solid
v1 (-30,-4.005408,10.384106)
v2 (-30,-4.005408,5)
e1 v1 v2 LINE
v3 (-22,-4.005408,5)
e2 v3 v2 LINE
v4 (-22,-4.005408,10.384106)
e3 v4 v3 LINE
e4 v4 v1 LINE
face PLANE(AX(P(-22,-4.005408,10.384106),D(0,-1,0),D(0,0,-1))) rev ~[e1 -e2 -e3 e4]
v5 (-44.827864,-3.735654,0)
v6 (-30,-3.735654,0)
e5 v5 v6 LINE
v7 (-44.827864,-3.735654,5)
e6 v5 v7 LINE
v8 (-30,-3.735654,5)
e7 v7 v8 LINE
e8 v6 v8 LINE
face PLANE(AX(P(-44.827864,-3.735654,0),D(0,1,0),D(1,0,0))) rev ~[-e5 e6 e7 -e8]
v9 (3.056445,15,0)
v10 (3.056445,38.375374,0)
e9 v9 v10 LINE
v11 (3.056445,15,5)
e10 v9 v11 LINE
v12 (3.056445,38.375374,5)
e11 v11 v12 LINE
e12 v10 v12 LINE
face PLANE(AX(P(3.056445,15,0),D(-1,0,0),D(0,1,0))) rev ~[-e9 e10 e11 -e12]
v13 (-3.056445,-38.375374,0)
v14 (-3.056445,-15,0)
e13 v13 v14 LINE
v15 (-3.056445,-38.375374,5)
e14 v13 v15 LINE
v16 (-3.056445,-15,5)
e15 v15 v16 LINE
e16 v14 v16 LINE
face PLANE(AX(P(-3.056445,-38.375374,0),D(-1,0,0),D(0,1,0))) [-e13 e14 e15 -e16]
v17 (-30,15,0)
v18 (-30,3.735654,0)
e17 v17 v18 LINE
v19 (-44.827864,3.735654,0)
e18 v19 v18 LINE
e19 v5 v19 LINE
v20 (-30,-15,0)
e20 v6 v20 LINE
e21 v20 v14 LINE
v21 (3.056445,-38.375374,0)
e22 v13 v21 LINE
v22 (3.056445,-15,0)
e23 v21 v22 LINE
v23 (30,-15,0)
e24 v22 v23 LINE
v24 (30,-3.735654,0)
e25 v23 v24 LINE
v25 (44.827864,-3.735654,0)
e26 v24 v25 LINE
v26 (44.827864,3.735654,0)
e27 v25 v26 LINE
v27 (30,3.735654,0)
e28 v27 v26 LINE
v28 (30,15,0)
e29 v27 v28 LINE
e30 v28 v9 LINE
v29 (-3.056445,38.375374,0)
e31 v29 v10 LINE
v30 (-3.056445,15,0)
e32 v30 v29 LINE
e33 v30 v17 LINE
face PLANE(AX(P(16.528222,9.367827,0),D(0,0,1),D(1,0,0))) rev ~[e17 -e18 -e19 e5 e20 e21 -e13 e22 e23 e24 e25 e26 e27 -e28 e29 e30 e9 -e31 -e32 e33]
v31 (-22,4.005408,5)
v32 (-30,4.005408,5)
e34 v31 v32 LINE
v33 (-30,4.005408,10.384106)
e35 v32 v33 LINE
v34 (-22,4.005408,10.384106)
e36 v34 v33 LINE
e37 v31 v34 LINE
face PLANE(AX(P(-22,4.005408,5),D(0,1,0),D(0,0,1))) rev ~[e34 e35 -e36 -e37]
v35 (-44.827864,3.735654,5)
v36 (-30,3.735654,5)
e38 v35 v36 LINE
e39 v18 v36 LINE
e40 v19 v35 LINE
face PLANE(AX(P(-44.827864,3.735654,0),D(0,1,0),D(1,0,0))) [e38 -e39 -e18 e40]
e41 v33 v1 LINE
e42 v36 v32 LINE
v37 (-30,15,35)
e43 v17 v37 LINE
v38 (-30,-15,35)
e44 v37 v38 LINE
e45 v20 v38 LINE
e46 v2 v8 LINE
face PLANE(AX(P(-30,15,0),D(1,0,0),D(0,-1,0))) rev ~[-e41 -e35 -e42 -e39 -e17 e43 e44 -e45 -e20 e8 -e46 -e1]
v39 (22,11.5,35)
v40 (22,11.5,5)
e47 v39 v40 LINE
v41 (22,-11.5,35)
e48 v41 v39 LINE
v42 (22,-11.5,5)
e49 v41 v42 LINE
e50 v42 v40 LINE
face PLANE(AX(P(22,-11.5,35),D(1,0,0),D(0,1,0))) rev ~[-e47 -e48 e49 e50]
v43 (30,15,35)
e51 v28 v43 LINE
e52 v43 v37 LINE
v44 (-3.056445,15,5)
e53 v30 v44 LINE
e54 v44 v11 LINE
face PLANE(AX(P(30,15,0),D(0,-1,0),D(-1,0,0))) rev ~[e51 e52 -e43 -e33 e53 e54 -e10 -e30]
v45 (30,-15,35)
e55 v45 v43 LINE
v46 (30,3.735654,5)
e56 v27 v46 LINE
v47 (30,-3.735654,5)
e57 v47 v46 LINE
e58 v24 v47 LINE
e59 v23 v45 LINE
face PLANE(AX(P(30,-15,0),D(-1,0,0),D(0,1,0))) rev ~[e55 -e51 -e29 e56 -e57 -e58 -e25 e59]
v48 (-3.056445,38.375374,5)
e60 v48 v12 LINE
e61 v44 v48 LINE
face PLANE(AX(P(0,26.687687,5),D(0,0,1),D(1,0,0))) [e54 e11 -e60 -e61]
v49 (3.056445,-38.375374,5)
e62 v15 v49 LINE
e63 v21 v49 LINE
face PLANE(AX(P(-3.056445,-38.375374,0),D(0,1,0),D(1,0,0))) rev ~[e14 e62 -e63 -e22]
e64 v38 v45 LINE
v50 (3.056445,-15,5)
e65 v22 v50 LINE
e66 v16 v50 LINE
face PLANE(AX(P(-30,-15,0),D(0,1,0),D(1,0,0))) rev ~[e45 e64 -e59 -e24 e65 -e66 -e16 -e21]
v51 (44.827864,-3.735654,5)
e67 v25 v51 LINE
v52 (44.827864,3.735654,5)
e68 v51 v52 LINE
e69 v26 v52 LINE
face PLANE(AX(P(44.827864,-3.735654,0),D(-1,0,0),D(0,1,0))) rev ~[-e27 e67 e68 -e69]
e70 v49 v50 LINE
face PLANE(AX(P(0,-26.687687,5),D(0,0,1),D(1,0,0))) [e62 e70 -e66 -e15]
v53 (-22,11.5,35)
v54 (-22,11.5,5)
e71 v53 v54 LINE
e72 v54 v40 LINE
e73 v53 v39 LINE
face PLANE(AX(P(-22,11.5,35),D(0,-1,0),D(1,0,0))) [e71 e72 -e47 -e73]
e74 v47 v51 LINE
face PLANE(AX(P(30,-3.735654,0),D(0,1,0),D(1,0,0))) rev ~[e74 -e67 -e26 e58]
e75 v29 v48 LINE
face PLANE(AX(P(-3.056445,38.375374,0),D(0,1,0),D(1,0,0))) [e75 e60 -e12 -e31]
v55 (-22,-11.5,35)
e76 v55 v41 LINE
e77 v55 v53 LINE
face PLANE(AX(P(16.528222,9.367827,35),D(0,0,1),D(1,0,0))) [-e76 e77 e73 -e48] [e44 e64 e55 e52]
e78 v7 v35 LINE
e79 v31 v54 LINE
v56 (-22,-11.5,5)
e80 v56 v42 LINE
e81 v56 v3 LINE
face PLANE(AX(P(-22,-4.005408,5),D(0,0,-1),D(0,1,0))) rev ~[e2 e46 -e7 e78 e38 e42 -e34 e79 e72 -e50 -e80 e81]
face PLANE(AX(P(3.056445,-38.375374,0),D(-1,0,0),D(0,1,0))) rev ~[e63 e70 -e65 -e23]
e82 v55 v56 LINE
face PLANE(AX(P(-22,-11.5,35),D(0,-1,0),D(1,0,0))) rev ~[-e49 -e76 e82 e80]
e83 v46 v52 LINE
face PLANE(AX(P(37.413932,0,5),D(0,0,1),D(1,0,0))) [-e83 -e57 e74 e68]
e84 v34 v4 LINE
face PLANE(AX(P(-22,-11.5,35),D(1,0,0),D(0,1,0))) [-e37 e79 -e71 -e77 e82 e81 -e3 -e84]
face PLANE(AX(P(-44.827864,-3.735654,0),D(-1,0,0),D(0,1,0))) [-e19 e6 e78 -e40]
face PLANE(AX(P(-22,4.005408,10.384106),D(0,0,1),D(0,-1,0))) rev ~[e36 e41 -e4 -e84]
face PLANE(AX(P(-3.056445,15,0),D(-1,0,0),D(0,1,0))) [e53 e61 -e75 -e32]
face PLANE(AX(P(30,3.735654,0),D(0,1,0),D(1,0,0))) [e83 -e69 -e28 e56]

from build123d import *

# Parameters (mm, degrees)
F0_W     = 26.9435550738
F0_H     = 11.2643459439
F0_H_2   = 7.4713081121
F0_W_2   = 6.1128898524
F1_DEPTH = 35
F0_H_3   = 23.3753739297
F0_W_3   = 14.827863574
F2_DEPTH = 5
F3_W     = 44
F3_H     = 23
F4_DEPTH = 30
F6_DEPTH = 25


with BuildPart() as f1:
    # F0 (on Top) → F1 (new body)
    with BuildSketch(Plane.XY):
        with Locations((16.5282224631, 9.367827028)):
            Rectangle(F0_W, F0_H)
        with Locations((16.5282224631, -9.367827028)):
            Rectangle(F0_W, F0_H)
        with Locations((16.5282224631, 0)):
            Rectangle(F0_W, F0_H_2)
        with Locations((-16.5282224631, 9.367827028)):
            Rectangle(F0_W, F0_H)
        with Locations((-16.5282224631, 0)):
            Rectangle(F0_W, F0_H_2)
        with Locations((-16.5282224631, -9.367827028)):
            Rectangle(F0_W, F0_H)
        with Locations((0, -9.367827028)):
            Rectangle(F0_W_2, F0_H)
        Rectangle(F0_W_2, F0_H_2)
        with Locations((0, 9.367827028)):
            Rectangle(F0_W_2, F0_H)
    extrude(amount=F1_DEPTH)

    # F0 (on Top) → F2 (join)
    with BuildSketch(Plane.XY):
        with Locations((0, 26.6876869649)):
            Rectangle(F0_W_2, F0_H_3)
        with Locations((37.413931787, 0)):
            Rectangle(F0_W_3, F0_H_2)
        with Locations((-37.413931787, 0)):
            Rectangle(F0_W_3, F0_H_2)
        with Locations((0, -26.6876869649)):
            Rectangle(F0_W_2, F0_H_3)
    extrude(amount=F2_DEPTH)

    # F3 (on face) → F4 (cut)
    with BuildSketch(Plane.XY.offset(35)):
        Rectangle(F3_W, F3_H)
    extrude(amount=-F4_DEPTH, mode=Mode.SUBTRACT)

    # F5 (on face) → F6 (cut)
    with BuildSketch(Plane.YZ.offset(-22)):
        Polygon((-4.0054083802, 5), (0, 5), (0, 7.6920529827), (0, 10.3841059655), (-4.0054083802, 10.3841059655), align=None)
        Polygon((0, 7.6920529827), (0, 5), (4.0054083802, 5), (4.0054083802, 10.3841059655), (0, 10.3841059655), align=None)
    extrude(amount=-F6_DEPTH, mode=Mode.SUBTRACT)


solid = f1.part
